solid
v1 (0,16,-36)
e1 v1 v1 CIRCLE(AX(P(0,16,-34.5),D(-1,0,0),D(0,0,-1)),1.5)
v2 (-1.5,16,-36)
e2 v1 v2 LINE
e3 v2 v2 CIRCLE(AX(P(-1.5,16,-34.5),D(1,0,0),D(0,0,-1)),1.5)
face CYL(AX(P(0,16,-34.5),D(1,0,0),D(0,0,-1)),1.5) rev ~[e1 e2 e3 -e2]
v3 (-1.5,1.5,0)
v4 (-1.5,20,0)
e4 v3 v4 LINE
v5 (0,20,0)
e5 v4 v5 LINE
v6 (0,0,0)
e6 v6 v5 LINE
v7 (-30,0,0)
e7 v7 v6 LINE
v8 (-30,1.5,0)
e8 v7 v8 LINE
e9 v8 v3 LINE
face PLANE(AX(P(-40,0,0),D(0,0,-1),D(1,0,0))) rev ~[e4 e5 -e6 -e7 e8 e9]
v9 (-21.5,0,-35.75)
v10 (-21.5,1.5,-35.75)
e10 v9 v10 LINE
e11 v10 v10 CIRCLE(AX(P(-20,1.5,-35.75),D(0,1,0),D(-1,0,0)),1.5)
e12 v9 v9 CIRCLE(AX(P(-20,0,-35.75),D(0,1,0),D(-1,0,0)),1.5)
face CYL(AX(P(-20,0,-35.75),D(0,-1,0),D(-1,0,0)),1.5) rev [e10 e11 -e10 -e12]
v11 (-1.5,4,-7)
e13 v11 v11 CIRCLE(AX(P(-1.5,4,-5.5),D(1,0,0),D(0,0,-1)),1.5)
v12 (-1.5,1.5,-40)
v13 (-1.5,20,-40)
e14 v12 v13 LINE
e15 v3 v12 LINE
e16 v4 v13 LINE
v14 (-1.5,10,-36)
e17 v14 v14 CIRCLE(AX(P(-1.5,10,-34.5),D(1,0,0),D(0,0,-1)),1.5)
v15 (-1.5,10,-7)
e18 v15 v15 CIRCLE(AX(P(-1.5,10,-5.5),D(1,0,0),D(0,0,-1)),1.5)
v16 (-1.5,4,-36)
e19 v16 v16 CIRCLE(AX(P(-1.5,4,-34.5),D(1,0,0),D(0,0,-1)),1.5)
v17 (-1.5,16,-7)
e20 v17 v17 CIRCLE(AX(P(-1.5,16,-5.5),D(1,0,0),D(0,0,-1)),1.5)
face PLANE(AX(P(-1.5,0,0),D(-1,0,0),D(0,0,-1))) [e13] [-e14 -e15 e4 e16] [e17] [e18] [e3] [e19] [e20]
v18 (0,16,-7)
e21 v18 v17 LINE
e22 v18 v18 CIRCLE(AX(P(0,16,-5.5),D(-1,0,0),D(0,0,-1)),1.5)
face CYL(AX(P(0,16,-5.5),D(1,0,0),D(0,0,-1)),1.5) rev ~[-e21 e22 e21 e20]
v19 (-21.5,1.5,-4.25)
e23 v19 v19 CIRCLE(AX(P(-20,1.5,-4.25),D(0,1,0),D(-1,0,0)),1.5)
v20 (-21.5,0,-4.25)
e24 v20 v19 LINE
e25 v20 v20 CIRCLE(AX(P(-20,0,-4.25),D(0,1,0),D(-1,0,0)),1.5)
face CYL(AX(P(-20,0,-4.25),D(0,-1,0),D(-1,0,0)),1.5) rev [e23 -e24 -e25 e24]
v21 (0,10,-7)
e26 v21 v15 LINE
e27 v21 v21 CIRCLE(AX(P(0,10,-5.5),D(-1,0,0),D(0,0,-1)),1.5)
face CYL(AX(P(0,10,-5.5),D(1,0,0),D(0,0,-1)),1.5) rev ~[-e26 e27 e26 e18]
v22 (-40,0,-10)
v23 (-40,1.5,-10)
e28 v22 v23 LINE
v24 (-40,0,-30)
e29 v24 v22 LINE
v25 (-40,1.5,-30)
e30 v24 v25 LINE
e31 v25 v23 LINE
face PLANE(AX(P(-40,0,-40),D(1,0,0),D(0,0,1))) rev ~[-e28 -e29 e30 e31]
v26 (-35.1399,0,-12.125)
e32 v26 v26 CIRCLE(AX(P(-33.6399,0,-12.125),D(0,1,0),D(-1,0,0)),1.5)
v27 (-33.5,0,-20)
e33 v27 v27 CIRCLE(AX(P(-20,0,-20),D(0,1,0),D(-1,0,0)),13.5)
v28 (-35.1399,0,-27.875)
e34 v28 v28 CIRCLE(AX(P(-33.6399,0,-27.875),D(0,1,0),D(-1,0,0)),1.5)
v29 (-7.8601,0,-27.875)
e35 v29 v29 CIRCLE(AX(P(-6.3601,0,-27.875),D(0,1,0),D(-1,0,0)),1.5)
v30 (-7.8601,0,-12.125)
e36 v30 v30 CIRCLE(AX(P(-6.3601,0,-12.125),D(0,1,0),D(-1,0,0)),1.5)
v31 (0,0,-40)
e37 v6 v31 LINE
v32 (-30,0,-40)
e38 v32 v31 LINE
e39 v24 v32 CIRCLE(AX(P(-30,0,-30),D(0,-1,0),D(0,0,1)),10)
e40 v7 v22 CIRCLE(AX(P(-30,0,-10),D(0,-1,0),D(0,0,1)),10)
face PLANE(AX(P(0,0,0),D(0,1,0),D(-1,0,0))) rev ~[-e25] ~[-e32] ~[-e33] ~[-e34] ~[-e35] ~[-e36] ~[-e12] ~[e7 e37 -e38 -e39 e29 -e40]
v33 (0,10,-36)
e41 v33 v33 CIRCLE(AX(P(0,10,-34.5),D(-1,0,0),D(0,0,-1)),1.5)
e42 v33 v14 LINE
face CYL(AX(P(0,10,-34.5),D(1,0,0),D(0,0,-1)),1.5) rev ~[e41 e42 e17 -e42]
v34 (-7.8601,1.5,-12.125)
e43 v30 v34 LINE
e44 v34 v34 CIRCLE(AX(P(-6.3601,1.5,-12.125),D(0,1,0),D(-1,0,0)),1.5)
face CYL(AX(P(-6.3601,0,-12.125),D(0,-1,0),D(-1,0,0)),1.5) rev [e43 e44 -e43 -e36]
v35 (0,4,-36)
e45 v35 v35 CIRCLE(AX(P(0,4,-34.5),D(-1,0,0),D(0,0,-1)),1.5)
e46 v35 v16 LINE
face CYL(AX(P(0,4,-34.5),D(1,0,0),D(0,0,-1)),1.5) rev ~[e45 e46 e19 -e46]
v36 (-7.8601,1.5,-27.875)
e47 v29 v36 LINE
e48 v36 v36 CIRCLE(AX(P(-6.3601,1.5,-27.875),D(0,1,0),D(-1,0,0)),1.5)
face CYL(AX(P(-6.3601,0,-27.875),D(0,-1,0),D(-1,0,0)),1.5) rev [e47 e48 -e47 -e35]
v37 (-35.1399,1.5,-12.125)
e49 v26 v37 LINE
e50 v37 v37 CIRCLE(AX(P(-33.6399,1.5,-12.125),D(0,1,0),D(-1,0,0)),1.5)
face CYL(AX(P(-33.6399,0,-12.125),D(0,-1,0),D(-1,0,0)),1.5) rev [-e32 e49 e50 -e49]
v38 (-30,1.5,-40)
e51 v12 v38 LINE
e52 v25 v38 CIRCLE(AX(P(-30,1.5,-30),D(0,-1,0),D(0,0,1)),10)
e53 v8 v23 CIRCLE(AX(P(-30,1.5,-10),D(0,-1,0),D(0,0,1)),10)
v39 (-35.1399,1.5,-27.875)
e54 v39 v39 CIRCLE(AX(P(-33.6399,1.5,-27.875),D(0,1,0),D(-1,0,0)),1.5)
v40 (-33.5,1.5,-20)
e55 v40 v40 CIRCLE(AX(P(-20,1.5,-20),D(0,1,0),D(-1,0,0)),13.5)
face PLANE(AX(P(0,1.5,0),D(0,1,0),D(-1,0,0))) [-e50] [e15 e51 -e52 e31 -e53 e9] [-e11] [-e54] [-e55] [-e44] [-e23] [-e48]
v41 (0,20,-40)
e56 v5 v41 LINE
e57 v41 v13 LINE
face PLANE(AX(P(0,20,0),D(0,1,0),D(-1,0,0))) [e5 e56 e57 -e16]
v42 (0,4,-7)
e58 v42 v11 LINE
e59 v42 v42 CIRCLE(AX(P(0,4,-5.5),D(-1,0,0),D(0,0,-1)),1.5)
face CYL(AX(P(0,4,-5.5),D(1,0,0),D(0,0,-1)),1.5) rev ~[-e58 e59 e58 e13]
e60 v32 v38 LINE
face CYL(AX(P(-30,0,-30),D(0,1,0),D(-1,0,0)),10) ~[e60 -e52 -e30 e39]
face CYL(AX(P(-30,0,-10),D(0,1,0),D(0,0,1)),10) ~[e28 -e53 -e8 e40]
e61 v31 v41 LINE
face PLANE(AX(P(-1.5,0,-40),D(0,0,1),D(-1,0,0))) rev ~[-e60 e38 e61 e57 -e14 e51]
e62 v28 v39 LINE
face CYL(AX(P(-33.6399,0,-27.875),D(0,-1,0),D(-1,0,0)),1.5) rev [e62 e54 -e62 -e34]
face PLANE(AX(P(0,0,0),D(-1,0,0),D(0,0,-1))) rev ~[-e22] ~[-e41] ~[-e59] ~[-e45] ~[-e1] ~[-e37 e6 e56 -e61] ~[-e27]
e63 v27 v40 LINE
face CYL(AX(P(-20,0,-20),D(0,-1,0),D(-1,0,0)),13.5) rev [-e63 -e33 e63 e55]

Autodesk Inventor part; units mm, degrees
ref_plane "YZ Plane" through (0, 0, 0) normal (1, 0, 0) x (0, 1, 0)
ref_plane "XZ Plane" through (0, 0, 0) normal (0, 1, 0) x (-1, 0, 0)
ref_plane "XY Plane" through (0, 0, 0) normal (0, 0, 1) x (1, 0, 0)
sketch "Sketch1" plane through (0, 0, 0) normal (0, 1, 0) x (-1, 0, 0)
  line L0 (0, 0) -> (0, -40)
  line L1 (0, -40) -> (40, -40)
  line L2 (40, -40) -> (40, 0)
  line L3 (40, 0) -> (0, 0)
  line L4 (0, 0) -> (1.5, 0)
  line L5 (1.5, 0) -> (1.5, -40)
  line L6 (1.5, -40) -> (0, -40)
  circle A0 centre (20, -20) radius 13.5
  circle A1 centre (20, -4.25) radius 1.5
  circle A2 centre (33.6399, -12.125) radius 1.5
  circle A3 centre (33.6399, -27.875) radius 1.5
  circle A4 centre (20, -35.75) radius 1.5
  circle A5 centre (6.3601, -27.875) radius 1.5
  circle A6 centre (6.3601, -12.125) radius 1.5
  dimension "d0" = 40
  dimension "d2" = 1.5
  dimension "d7" = 3
  dimension "d8" = 3
  dimension "d9" = 3
  dimension "d10" = 3
  dimension "d11" = 3
  dimension "d12" = 3
extrude "Extrusion1" add sketch "Sketch1" along normal blind 1.5 contours L3 L2 L1 L5
extrude "Extrusion2" add sketch "Sketch1" along normal blind 20 contours L3 L5 L1 L0
sketch "Sketch2" plane through (0, 0, 0) normal (1, 0, 0) x (0, 0, -1)
  line L0 (0, 20) -> (5.5, 20)
  line L1 (0, 20) -> (40, 20) projected
  line L2 (0, 20) -> (34.5, 20)
  line L3 (40, 20) -> (34.5, 20)
  line L4 (34.5, 20) -> (34.5, 16)
  line L5 (34.5, 16) -> (34.5, 10)
  line L6 (34.5, 10) -> (34.5, 4)
  line L7 (5.5, 20) -> (5.5, 16)
  line L8 (5.5, 16) -> (5.5, 10)
  line L9 (5.5, 10) -> (5.5, 4)
  circle A0 centre (5.5, 4) radius 1.5
  circle A1 centre (5.5, 10) radius 1.5
  circle A2 centre (5.5, 16) radius 1.5
  circle A3 centre (34.5, 16) radius 1.5
  circle A4 centre (34.5, 10) radius 1.5
  circle A5 centre (34.5, 4) radius 1.5
  point P0 (0, 0)
  dimension "d17" = 5.5
  dimension "d18" = 34.5
  dimension "d19" = 4
  dimension "d20" = 6
  dimension "d21" = 6
  dimension "d22" = 4
  dimension "d23" = 6
  dimension "d24" = 6
  dimension "d25" = 3
  dimension "d26" = 3
  dimension "d27" = 3
  dimension "d28" = 3
  dimension "d29" = 3
  dimension "d30" = 3
extrude "Extrusion3" cut sketch "Sketch2" against normal blind 5
fillet "Fillet1" radius 10 2 edges at (-40, 0.75, 0) (-40, 0.75, -40)
properties part number "offcenter_L_clamp"
